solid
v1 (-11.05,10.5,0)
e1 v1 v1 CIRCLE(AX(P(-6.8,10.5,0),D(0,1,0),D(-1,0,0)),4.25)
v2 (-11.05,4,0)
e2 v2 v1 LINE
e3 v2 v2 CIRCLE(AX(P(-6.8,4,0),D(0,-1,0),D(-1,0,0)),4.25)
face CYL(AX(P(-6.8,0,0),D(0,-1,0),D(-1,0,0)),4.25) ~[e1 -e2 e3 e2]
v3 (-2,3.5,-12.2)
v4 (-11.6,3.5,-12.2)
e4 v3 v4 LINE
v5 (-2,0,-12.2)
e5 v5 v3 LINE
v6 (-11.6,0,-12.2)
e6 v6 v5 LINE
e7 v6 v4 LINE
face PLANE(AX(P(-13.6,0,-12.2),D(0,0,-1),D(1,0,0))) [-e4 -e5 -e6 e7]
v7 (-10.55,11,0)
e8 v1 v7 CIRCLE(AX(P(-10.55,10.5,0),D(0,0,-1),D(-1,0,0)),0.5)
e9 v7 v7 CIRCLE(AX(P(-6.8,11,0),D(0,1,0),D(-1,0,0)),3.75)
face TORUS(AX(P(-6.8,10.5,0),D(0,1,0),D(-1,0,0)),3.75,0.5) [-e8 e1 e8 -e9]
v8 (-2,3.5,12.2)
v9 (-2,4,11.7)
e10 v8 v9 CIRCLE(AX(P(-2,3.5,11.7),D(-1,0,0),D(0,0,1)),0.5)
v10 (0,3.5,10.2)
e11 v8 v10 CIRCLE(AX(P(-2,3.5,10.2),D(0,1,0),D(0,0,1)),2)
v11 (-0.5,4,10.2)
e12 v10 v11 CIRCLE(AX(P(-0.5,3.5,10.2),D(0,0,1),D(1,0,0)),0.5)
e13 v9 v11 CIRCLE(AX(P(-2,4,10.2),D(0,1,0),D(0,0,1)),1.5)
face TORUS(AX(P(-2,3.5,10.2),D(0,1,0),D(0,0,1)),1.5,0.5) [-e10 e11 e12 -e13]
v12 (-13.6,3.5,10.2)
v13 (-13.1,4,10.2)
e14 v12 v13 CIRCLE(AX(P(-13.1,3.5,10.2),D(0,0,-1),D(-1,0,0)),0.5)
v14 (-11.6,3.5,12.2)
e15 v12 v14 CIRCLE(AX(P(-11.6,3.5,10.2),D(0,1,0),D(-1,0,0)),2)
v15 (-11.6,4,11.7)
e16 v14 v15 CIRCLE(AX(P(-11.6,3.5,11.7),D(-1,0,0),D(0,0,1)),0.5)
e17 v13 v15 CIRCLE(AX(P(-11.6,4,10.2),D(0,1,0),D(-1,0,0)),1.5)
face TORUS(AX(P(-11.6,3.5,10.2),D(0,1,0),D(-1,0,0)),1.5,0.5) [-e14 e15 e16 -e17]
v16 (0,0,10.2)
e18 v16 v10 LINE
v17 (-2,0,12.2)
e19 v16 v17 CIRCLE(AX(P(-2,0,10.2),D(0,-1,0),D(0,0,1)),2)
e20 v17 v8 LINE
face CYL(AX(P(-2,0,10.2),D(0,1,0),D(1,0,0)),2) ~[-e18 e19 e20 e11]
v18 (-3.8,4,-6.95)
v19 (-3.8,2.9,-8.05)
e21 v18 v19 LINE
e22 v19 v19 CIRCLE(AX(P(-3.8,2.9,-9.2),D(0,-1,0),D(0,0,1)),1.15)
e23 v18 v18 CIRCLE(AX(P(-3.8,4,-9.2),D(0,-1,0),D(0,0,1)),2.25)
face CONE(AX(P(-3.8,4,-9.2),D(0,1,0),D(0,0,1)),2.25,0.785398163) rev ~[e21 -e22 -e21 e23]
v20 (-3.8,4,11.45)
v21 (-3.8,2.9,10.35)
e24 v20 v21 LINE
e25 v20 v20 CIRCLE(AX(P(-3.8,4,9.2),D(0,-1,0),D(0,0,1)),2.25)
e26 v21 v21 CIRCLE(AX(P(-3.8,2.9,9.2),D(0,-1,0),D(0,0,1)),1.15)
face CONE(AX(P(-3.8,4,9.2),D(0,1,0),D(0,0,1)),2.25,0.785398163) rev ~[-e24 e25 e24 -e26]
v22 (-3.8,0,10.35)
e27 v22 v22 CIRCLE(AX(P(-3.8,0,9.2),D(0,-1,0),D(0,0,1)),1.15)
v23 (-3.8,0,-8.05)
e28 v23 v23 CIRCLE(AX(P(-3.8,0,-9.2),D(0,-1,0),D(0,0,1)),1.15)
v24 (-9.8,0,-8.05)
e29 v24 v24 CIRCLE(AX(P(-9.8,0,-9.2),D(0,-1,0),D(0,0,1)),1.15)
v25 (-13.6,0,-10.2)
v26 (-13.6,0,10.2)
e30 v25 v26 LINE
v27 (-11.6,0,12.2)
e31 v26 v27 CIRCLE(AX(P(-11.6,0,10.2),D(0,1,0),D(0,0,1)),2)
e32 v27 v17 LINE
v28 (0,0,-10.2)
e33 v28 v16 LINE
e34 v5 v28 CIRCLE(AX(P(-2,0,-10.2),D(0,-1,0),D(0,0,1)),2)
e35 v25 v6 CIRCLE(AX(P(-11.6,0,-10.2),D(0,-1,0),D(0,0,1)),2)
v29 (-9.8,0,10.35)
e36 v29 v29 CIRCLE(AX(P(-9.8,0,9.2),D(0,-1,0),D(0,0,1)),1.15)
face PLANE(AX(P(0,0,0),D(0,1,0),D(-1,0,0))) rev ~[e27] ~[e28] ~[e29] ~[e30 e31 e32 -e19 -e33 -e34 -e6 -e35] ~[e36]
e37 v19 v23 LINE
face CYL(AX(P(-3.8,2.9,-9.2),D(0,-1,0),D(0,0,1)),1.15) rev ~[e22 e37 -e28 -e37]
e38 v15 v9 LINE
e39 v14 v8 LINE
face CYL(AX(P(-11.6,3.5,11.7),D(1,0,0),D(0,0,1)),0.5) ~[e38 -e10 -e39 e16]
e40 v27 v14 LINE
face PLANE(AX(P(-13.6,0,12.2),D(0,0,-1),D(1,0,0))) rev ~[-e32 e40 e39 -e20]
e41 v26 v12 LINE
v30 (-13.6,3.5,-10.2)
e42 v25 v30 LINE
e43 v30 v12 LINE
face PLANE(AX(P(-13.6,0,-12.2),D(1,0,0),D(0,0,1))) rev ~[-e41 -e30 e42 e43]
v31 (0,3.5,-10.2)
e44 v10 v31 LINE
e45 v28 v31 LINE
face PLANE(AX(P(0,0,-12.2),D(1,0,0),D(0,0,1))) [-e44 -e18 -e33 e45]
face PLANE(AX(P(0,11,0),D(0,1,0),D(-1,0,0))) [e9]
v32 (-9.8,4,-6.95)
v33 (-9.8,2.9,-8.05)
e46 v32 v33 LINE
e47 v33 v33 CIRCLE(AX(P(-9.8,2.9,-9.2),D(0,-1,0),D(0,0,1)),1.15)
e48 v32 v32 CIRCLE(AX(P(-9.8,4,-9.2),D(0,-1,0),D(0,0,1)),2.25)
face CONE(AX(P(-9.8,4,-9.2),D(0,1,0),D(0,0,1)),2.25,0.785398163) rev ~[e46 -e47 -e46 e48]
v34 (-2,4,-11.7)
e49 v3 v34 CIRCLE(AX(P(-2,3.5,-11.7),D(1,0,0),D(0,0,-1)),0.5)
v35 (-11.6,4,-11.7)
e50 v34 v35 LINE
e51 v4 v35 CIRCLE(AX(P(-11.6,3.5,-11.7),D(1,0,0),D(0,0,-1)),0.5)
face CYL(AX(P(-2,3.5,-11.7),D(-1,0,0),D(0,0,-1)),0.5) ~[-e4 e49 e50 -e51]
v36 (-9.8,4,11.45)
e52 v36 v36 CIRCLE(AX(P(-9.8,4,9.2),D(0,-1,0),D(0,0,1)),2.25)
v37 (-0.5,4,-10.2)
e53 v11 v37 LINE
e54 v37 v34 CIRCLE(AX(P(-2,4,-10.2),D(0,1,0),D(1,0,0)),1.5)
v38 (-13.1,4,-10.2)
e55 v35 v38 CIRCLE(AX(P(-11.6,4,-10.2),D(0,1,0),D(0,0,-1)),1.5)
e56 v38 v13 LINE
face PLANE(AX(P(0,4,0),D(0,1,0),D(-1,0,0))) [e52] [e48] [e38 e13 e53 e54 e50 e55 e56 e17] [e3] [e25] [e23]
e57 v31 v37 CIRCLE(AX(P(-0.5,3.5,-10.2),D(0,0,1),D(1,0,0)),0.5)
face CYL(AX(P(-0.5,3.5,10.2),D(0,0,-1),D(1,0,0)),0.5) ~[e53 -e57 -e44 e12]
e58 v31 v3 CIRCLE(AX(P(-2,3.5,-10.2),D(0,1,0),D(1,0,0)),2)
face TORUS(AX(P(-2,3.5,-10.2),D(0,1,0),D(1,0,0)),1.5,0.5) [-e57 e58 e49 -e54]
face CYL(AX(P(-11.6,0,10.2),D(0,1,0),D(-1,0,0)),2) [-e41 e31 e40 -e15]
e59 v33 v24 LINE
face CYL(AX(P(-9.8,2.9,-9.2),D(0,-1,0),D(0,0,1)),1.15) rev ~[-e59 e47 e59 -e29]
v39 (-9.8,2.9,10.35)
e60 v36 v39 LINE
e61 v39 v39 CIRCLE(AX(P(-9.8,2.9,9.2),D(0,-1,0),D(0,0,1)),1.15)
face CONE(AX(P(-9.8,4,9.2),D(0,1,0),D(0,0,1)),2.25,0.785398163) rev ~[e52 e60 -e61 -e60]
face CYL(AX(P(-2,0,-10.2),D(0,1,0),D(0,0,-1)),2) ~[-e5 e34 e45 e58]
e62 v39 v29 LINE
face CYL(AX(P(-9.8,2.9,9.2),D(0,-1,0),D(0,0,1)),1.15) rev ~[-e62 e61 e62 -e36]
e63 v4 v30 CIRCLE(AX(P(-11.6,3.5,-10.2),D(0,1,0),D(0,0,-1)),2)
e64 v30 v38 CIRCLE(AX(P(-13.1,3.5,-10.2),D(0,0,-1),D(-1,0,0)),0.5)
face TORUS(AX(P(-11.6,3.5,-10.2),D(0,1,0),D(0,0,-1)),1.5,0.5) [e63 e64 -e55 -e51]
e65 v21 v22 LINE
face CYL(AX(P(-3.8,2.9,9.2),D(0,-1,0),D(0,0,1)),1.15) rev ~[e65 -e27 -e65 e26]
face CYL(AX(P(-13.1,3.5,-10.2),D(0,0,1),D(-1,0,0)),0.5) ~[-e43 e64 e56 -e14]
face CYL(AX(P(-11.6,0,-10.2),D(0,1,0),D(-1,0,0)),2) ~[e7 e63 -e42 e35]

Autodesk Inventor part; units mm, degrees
ref_plane "YZ Plane" through (0, 0, 0) normal (1, 0, 0) x (0, 1, 0)
ref_plane "XZ Plane" through (0, 0, 0) normal (0, 1, 0) x (-1, 0, 0)
ref_plane "XY Plane" through (0, 0, 0) normal (0, 0, 1) x (1, 0, 0)
sketch "Sketch1" plane through (0, 0, 0) normal (0, 1, 0) x (-1, 0, 0)
  line L0 (0, -21.955) -> (0, -12.2) construction
  line L1 (13.6, -21.955) -> (13.6, -12.2) construction
  line L2 (-11, -20.9069) -> (-11, 21.1673) construction
  line L3 (16.0254, 0) -> (-21.0399, 0) construction
  line L4 (13.6, -6.2) -> (0, -6.2)
  line L5 (13.6, 6.2) -> (0, 6.2)
  line L6 (6.8, -14.862) -> (6.8, 12.9569) construction
  line L7 (13.6, -6.2) -> (13.6, 6.2)
  line L8 (13.6, 6.2) -> (13.6, 12.2)
  line L9 (0, -6.2) -> (0, 6.2)
  line L10 (0, 6.2) -> (0, 12.2)
  line L11 (13.6, -12.2) -> (0, -12.2)
  line L12 (13.6, 12.2) -> (0, 12.2)
  line L13 (13.6, -12.2) -> (13.6, -6.2)
  line L14 (0, -12.2) -> (0, -6.2)
  line L15 (13.6, 12.2) -> (13.6, 20.1192) construction
  line L16 (0, 12.2) -> (0, 20.7166) construction
  line L17 (9.8, -9.2) -> (3.8, -9.2) construction
  line L18 (3.8, -9.2) -> (3.8, 9.2) construction
  line L19 (3.8, 9.2) -> (9.8, 9.2) construction
  line L20 (9.8, 9.2) -> (9.8, -9.2) construction
  circle A0 centre (6.8, 0) radius 4.25
  point P0 (0, 0)
  dimension "d0" = 24.6
  dimension "d1" = 12.4
  dimension "d2" = 6
  dimension "d4" = 6
  dimension "d17" = 8.5
  dimension "d21" = 6.8
extrude "Extrusion1" add sketch "Sketch1" along normal blind 4 contours L13 L11 L14 L4 | L5 L10 L12 L8
extrude "Extrusion2" add sketch "Sketch1" along normal blind 4 contours L4 L9 L5 L7 | A0
fillet "Fillet1" radius 2 4 edges at (0, 2, 12.2) (-13.6, 2, 12.2) (-13.6, 2, -12.2) (0, 2, -12.2)
extrude "Extrusion3" add sketch "Sketch1" along normal blind 11 contours A0
fillet "Fillet2" radius 0.5 9 edges at (-2.55, 11, 0) (0, 4, 0) (-13.6, 4, 0) (-0.5858, 4, -11.6142) (-6.8, 4, -12.2) (-13.0142, 4, -11.6142) (-0.5858, 4, 11.6142) (-6.8, 4, 12.2) (-13.0142, 4, 11.6142)
sketch "Sketch3" plane through (0, 4, 0) normal (0, 1, 0) x (1, 0, 0)
  point P0 (0, 0)
  point P1 (-9.8, -9.2)
  point P2 (-3.8, -9.2)
  point P3 (-9.8, 9.2)
  point P4 (-3.8, 9.2)
hole "Hole2" at (-9.8, 4, 9.2) at (-3.8, 4, 9.2) at (-9.8, 4, -9.2) at (-3.8, 4, -9.2) direction (0, -1, 0) diameter 2.3 depth 6.5 countersink diameter 4.5 countersink angle 90
properties part number "LegPin_v1"
